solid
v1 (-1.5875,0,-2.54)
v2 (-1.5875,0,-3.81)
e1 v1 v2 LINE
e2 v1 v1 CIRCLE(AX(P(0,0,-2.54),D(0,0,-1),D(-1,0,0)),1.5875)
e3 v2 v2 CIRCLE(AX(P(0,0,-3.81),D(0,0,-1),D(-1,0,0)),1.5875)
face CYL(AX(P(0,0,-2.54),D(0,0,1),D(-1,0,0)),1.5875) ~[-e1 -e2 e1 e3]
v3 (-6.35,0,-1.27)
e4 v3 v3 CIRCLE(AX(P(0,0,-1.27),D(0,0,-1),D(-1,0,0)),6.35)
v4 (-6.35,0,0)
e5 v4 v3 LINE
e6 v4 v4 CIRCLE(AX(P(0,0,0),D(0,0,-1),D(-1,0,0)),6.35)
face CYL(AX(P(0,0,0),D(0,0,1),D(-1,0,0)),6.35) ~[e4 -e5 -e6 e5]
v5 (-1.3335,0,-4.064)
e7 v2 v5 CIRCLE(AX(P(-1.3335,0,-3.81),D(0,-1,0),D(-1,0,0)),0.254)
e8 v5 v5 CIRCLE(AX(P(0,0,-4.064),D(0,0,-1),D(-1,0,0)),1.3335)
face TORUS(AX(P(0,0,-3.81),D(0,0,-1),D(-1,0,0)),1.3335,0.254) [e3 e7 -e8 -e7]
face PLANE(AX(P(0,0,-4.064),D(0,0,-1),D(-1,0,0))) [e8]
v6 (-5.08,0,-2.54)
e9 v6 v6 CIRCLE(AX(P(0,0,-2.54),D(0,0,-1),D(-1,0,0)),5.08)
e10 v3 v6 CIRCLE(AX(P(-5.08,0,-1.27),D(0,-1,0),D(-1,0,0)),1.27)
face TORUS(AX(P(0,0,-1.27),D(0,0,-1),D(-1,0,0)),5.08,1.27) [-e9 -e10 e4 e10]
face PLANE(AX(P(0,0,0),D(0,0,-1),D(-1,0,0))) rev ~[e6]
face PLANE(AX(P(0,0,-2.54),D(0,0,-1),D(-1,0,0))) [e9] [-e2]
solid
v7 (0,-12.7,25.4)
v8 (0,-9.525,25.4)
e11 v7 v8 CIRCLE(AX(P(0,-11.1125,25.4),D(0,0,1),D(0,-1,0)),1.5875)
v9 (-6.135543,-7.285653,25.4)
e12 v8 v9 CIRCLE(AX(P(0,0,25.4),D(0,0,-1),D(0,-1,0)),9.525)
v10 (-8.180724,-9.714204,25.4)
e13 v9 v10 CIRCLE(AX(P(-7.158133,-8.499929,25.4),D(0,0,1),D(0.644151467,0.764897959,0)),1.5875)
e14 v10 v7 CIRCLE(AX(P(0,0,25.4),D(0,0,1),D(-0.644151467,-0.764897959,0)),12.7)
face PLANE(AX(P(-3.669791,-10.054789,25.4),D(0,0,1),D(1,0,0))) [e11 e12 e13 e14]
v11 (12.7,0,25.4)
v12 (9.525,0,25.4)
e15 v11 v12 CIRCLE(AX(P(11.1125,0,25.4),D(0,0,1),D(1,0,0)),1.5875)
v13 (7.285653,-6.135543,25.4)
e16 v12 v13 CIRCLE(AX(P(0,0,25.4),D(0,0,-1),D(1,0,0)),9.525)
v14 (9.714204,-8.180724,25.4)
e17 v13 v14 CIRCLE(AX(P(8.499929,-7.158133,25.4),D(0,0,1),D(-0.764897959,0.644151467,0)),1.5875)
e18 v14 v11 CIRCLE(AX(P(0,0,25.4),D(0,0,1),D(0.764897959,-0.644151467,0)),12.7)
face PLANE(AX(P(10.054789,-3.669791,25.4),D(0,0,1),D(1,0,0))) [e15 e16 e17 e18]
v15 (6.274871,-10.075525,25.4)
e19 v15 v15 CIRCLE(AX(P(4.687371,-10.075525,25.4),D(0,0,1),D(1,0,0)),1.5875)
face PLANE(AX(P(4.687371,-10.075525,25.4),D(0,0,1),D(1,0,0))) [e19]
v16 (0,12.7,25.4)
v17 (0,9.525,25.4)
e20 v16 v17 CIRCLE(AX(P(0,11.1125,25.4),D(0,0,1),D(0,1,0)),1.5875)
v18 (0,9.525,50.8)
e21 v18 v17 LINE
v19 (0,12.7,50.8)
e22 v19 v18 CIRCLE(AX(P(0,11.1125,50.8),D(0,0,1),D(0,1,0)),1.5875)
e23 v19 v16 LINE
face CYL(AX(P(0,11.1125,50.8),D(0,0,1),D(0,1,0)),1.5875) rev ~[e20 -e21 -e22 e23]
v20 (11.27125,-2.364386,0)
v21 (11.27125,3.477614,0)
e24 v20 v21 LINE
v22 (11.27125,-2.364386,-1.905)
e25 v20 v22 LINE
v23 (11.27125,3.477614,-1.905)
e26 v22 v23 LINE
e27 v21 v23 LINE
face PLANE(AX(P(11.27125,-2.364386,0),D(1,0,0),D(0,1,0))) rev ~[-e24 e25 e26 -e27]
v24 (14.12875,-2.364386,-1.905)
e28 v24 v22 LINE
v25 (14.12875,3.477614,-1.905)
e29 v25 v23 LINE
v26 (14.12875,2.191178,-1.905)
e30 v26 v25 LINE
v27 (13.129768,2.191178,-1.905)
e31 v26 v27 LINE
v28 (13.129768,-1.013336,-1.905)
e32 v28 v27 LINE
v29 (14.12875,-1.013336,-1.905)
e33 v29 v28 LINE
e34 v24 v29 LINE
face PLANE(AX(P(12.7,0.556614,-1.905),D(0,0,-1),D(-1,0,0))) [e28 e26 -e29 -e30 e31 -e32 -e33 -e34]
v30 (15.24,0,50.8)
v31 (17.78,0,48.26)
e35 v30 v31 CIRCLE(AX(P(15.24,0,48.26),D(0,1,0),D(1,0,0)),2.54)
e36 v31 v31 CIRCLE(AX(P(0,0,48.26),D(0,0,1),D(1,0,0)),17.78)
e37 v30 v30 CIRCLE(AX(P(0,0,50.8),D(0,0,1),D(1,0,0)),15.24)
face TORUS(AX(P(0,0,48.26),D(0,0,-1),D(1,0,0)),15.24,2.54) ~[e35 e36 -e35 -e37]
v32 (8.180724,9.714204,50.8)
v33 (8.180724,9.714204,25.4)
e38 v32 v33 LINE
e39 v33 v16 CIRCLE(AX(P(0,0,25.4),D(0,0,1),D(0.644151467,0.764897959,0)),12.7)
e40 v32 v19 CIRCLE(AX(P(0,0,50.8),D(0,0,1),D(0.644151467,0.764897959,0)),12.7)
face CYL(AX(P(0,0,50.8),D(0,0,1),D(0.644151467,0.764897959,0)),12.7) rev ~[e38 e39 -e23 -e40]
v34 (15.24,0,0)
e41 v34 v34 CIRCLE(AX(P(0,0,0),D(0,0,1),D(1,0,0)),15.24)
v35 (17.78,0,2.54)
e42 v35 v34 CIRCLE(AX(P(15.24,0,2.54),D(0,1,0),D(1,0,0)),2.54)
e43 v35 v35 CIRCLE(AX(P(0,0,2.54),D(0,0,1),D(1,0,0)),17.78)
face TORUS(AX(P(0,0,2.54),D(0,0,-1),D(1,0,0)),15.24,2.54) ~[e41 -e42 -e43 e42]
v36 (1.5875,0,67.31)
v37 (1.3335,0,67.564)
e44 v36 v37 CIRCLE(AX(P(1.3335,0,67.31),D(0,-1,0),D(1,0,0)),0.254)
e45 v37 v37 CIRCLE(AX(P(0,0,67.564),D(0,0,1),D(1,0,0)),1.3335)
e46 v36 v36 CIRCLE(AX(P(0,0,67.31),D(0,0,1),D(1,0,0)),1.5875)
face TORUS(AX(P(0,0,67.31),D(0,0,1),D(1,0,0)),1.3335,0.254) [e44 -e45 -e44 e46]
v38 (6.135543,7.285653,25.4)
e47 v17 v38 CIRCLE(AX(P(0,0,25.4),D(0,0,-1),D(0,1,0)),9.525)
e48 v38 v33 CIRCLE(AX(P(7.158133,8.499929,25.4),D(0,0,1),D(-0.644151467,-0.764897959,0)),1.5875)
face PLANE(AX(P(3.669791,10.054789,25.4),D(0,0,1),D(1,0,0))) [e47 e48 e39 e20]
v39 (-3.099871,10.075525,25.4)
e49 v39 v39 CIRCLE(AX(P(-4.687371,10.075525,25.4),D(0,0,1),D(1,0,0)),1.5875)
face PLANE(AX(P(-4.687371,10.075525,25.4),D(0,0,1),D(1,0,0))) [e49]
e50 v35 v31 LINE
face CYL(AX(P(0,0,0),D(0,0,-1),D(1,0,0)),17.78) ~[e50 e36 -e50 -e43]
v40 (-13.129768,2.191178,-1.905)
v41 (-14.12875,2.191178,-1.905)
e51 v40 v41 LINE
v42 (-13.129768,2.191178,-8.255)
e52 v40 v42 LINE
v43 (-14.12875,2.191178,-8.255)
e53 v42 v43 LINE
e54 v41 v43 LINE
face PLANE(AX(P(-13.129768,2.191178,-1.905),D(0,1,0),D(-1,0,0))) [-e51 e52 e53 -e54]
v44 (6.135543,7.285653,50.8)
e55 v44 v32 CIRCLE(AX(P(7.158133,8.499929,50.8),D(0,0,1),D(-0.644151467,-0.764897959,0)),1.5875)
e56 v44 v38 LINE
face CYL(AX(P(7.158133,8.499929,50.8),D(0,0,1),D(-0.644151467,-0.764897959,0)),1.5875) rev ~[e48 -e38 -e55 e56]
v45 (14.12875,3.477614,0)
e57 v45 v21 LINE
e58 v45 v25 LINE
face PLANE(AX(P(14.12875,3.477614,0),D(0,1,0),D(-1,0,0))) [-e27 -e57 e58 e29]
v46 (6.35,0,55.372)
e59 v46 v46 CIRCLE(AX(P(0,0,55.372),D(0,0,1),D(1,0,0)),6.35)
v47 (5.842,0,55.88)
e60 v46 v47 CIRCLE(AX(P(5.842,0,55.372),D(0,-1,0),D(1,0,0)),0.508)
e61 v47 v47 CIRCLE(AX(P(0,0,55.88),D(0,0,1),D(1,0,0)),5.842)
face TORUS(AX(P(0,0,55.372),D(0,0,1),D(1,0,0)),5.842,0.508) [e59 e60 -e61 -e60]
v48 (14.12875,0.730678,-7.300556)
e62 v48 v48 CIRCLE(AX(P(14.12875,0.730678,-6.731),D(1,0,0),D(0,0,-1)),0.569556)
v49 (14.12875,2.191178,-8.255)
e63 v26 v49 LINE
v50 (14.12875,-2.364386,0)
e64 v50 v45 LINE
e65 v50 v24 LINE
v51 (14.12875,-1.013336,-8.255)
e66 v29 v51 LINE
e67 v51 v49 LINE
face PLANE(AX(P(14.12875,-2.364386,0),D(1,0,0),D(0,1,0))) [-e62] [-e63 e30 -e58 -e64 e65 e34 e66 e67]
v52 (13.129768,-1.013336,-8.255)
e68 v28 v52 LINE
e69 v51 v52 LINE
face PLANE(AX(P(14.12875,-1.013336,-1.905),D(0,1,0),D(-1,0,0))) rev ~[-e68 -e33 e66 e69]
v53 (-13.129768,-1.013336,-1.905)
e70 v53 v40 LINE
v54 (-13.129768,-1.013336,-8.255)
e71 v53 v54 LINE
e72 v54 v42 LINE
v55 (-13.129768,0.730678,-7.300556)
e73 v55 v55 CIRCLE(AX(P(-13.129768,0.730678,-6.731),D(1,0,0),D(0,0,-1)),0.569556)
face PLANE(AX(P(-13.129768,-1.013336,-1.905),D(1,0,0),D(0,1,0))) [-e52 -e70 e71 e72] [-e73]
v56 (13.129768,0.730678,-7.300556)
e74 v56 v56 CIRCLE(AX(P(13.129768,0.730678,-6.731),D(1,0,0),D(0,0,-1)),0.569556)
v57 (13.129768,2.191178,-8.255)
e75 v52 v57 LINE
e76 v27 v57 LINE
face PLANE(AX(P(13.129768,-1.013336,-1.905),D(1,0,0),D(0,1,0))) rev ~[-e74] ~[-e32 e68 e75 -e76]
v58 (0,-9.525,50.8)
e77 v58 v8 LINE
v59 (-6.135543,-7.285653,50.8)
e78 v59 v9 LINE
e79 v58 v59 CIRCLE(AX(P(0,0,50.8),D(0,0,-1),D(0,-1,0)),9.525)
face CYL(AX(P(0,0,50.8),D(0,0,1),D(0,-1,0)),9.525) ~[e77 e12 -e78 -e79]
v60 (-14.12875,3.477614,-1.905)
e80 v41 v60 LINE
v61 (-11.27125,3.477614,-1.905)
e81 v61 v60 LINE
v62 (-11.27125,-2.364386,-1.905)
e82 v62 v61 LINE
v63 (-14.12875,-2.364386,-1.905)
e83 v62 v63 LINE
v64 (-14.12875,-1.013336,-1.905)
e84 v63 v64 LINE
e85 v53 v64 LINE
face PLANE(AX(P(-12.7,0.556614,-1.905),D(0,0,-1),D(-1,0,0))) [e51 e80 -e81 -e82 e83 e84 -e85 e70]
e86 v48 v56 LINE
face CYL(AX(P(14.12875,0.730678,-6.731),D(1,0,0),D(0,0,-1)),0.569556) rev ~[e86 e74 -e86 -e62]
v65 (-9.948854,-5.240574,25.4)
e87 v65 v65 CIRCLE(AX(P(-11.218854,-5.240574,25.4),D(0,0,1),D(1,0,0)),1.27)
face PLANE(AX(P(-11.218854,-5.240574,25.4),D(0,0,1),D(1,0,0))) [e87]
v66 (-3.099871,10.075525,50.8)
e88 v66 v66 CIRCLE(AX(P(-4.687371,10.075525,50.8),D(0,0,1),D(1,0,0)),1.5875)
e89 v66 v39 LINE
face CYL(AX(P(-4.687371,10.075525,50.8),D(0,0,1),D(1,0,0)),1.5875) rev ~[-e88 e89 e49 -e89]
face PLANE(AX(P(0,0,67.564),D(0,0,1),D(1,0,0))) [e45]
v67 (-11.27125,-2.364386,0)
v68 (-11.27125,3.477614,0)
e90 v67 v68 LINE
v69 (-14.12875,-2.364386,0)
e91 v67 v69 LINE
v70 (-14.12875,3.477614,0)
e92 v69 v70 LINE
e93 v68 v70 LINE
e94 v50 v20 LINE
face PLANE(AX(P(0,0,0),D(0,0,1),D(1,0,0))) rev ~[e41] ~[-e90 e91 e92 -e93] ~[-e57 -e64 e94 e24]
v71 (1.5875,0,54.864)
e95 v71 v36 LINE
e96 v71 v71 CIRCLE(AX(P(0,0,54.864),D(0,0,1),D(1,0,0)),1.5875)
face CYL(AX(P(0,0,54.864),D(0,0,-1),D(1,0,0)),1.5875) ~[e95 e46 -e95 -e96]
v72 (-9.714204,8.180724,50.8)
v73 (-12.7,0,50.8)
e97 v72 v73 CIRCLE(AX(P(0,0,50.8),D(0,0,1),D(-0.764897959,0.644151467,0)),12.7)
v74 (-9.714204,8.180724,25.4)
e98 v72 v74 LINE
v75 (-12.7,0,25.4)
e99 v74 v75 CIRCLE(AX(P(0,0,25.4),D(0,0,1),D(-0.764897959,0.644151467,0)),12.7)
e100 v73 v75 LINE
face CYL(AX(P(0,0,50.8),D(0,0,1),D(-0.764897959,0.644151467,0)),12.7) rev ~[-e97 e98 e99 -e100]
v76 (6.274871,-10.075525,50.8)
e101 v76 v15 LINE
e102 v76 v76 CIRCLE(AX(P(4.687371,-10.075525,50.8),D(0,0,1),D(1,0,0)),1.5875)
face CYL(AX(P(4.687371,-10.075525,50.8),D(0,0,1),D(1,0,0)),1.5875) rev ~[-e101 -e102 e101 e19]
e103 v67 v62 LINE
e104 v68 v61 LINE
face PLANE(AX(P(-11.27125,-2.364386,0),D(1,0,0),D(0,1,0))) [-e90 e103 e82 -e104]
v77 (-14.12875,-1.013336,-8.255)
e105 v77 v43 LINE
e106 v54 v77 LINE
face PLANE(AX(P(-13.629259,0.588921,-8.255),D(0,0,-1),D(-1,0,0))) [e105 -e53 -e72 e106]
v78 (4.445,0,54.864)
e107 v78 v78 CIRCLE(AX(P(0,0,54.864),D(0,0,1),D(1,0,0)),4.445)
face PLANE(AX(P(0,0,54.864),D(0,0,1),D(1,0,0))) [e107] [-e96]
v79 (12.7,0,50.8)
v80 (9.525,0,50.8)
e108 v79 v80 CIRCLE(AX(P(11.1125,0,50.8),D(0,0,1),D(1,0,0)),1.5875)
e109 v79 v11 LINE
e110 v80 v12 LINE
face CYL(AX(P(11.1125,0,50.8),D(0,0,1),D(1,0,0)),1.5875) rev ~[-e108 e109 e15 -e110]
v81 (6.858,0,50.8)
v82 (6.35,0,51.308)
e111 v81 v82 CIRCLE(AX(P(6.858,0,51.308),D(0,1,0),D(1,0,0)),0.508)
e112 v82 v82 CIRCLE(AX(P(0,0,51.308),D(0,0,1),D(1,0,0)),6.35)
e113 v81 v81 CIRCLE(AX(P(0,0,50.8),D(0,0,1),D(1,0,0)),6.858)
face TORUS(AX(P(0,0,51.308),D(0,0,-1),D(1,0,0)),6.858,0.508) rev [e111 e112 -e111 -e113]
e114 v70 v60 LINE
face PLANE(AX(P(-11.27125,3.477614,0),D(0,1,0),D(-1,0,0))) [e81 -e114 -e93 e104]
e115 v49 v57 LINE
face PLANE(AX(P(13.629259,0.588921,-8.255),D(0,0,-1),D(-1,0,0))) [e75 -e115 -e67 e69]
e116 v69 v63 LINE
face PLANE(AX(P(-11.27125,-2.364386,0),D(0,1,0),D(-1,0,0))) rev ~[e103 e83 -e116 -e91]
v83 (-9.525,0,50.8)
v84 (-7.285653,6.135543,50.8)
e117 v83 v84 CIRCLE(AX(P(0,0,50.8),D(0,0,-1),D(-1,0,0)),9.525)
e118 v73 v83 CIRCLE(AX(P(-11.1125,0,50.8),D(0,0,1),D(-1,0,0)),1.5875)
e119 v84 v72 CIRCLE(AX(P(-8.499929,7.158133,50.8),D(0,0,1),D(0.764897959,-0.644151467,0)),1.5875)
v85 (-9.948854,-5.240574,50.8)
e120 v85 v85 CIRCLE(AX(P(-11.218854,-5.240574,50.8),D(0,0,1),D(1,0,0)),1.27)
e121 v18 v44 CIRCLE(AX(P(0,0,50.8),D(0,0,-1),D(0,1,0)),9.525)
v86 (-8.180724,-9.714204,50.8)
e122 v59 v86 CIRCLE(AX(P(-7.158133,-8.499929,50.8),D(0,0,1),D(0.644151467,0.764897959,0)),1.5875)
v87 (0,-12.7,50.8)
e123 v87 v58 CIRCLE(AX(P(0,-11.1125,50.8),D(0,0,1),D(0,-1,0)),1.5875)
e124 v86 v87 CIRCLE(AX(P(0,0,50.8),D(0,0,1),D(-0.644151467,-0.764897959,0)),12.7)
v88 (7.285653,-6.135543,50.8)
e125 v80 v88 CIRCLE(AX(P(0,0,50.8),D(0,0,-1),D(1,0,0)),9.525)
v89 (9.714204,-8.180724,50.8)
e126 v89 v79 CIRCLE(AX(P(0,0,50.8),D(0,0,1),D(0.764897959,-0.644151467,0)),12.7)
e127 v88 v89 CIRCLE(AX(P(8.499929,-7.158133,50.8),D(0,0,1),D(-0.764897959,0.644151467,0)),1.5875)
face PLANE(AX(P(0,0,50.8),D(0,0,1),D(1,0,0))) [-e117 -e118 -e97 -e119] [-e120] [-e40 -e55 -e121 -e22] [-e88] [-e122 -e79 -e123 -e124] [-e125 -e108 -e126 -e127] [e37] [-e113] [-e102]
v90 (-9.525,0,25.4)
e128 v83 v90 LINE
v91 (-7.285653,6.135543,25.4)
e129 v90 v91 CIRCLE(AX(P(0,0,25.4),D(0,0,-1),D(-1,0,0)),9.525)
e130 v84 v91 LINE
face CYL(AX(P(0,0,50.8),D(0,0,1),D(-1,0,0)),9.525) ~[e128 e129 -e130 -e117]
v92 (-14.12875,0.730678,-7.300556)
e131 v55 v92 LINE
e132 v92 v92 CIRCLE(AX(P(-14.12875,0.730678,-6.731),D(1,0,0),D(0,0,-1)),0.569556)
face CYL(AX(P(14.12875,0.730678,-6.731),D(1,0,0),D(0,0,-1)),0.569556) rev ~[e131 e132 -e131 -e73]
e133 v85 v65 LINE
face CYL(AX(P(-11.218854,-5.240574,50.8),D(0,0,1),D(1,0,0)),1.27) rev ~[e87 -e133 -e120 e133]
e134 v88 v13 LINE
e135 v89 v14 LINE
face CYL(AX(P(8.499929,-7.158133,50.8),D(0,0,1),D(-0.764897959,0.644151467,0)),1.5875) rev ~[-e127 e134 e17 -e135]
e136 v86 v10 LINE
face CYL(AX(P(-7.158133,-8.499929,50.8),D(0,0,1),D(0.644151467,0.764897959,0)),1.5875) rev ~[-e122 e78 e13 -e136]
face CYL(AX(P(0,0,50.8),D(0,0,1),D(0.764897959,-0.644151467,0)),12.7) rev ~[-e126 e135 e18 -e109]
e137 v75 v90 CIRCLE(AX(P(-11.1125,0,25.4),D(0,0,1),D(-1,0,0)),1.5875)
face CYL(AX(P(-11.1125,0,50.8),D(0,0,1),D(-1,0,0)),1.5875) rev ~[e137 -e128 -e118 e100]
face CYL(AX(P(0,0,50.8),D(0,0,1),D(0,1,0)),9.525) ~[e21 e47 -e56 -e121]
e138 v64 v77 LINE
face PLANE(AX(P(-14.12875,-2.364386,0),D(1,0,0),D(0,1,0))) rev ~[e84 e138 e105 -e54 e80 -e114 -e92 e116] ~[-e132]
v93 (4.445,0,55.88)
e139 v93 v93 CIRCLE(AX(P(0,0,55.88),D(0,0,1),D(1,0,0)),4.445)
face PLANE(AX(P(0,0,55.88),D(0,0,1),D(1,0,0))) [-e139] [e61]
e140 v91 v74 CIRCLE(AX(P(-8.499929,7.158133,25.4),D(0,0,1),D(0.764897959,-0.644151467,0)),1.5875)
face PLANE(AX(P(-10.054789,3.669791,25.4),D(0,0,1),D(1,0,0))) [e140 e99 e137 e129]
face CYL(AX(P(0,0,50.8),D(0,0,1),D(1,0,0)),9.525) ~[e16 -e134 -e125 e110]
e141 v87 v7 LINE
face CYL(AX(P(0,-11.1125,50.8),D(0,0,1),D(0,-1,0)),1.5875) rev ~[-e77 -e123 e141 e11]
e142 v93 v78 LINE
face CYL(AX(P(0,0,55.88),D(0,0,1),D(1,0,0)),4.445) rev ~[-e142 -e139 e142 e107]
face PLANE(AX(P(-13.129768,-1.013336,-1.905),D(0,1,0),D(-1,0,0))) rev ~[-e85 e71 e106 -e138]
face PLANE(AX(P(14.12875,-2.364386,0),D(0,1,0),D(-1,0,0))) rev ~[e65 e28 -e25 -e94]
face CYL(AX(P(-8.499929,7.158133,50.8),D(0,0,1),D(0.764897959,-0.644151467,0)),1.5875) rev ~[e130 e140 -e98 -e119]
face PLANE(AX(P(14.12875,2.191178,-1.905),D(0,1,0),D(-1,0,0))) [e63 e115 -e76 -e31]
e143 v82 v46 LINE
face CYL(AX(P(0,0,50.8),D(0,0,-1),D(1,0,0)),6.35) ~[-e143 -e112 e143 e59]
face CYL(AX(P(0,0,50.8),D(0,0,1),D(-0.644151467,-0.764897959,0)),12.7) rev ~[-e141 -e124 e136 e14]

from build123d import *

# Parameters (mm, degrees)
SKETCH1_R           = 17.78
BOSS_EXTRUDE1_DEPTH = 50.8
SKETCH2_R           = 6.35
BOSS_EXTRUDE2_DEPTH = 5.08
FILLET1_R           = 0.508
SKETCH3_R           = 4.445
CUT_EXTRUDE1_DEPTH  = 1.016
FILLET2_R           = 2.54
SKETCH4_R           = 6.35
BOSS_EXTRUDE3_DEPTH = 2.54
FILLET3_R           = 1.27
SKETCH5_R           = 1.5875
BOSS_EXTRUDE4_DEPTH = 1.524
FILLET4_R           = 0.254
SKETCH6_R           = 1.5875
BOSS_EXTRUDE5_DEPTH = 12.7
FILLET5_R           = 0.254
SKETCH7_R           = 1.5875
SKETCH7_R_2         = 1.27
CUT_EXTRUDE2_DEPTH  = 25.4
SKETCH8_W           = 2.8575
SKETCH8_H           = 5.842
BOSS_EXTRUDE6_DEPTH = 1.905
SKETCH9_W           = 0.998982
SKETCH9_H           = 3.2045148
BOSS_EXTRUDE7_DEPTH = 6.35
SKETCH10_R          = 0.569556052
CUT_EXTRUDE3_DEPTH  = 32.90875


with BuildPart() as part:
    # Sketch1 → Boss-Extrude1 (new body)
    with BuildSketch(Plane.XY):
        Circle(SKETCH1_R)
    extrude(amount=BOSS_EXTRUDE1_DEPTH)

    # Sketch2 → Boss-Extrude2 (add)
    with BuildSketch(Plane.XY.offset(50.8)):
        Circle(SKETCH2_R)
    extrude(amount=BOSS_EXTRUDE2_DEPTH)

    # Fillet1
    fillet1_edges = [part.edges().sort_by_distance(p)[0] for p in [
        (-6.35, 0, 50.8),
        (-6.35, 0, 55.88),
    ]]
    fillet(fillet1_edges, radius=FILLET1_R)

    # Sketch3 → Cut-Extrude1 (cut)
    with BuildSketch(Plane.XY.offset(55.88)):
        Circle(SKETCH3_R)
    extrude(amount=-CUT_EXTRUDE1_DEPTH, mode=Mode.SUBTRACT)

    # Fillet2
    fillet2_edges = [part.edges().sort_by_distance(p)[0] for p in [
        (-17.78, 0, 0),
        (-17.78, 0, 50.8),
    ]]
    fillet(fillet2_edges, radius=FILLET2_R)

    # Sketch6 → Boss-Extrude5 (add)
    with BuildSketch(Plane.XY.offset(54.864)):
        Circle(SKETCH6_R)
    extrude(amount=BOSS_EXTRUDE5_DEPTH)

    # Fillet5
    fillet5_edges = [part.edges().sort_by_distance(p)[0] for p in [
        (-1.5875, 0, 67.564),
    ]]
    fillet(fillet5_edges, radius=FILLET5_R)

    # Sketch7 → Cut-Extrude2 (cut)
    with BuildSketch(Plane.XY.offset(50.8)):
        with Locations((-4.687371404, 10.075525077)):
            Circle(SKETCH7_R)
        with Locations((-11.218854293, -5.240573882)):
            Circle(SKETCH7_R_2)
        with Locations((4.687371404, -10.075525077)):
            Circle(SKETCH7_R)
        with BuildLine():
            ThreePointArc((8.180723627, 9.714204082), (4.354285714, 11.930221956), (0, 12.7))
            ThreePointArc((0, 12.7), (-1.5875, 11.1125), (0, 9.525))
            ThreePointArc((0, 9.525), (3.265714286, 8.947666467), (6.13554272, 7.285653061))
            ThreePointArc((6.13554272, 7.285653061), (8.372408684, 7.477338118), (8.180723627, 9.714204082))
        make_face()
        with BuildLine():
            ThreePointArc((12.7, 0), (11.1125, 1.5875), (9.525, 0))
            ThreePointArc((9.525, 0), (8.947666467, -3.265714286), (7.285653061, -6.13554272))
            ThreePointArc((7.285653061, -6.13554272), (7.477338118, -8.372408684), (9.714204082, -8.180723627))
            ThreePointArc((9.714204082, -8.180723627), (11.930221956, -4.354285714), (12.7, 0))
        make_face()
        with BuildLine():
            ThreePointArc((0, -12.7), (1.5875, -11.1125), (0, -9.525))
            ThreePointArc((0, -9.525), (-3.265714286, -8.947666467), (-6.13554272, -7.285653061))
            ThreePointArc((-6.13554272, -7.285653061), (-8.372408684, -7.477338118), (-8.180723627, -9.714204082))
            ThreePointArc((-8.180723627, -9.714204082), (-4.354285714, -11.930221956), (0, -12.7))
        make_face()
        with BuildLine():
            ThreePointArc((-12.7, 0), (-11.1125, -1.5875), (-9.525, 0))
            ThreePointArc((-9.525, 0), (-8.947666467, 3.265714286), (-7.285653061, 6.13554272))
            ThreePointArc((-7.285653061, 6.13554272), (-7.477338118, 8.372408684), (-9.714204082, 8.180723627))
            ThreePointArc((-9.714204082, 8.180723627), (-11.930221956, 4.354285714), (-12.7, 0))
        make_face()
    extrude(amount=-CUT_EXTRUDE2_DEPTH, mode=Mode.SUBTRACT)

    # Sketch8 → Boss-Extrude6 (add)
    with BuildSketch(Plane(origin=(0, 0, 0), x_dir=(-1, 0, 0), z_dir=(0, 0, -1))):
        with Locations((12.7, 0.55661423)):
            Rectangle(SKETCH8_W, SKETCH8_H)
        with Locations((-12.7, 0.55661423)):
            Rectangle(SKETCH8_W, SKETCH8_H)
    extrude(amount=BOSS_EXTRUDE6_DEPTH)

    # Sketch9 → Boss-Extrude7 (add)
    with BuildSketch(Plane(origin=(0, 0, -1.905), x_dir=(-1, 0, 0), z_dir=(0, 0, -1))):
        with Locations((13.629259, 0.58892103)):
            Rectangle(SKETCH9_W, SKETCH9_H)
        with Locations((-13.629259, 0.58892103)):
            Rectangle(SKETCH9_W, SKETCH9_H)
    extrude(amount=BOSS_EXTRUDE7_DEPTH)

    # Sketch10 → Cut-Extrude3 (cut, through all)
    with BuildSketch(Plane(origin=(14.12875, 0, 0), x_dir=(0, 0, -1), z_dir=(1, 0, 0))):
        with Locations((6.731, 0.73067843)):
            Circle(SKETCH10_R)
    extrude(amount=-CUT_EXTRUDE3_DEPTH, mode=Mode.SUBTRACT)


with BuildPart() as body_2:
    # Sketch4 → Boss-Extrude3 (new body)
    with BuildSketch(Plane(origin=(0, 0, 0), x_dir=(-1, 0, 0), z_dir=(0, 0, -1))):
        Circle(SKETCH4_R)
    extrude(amount=BOSS_EXTRUDE3_DEPTH)

    # Fillet3
    fillet3_edges = [body_2.edges().sort_by_distance(p)[0] for p in [
        (6.35, 0, -2.54),
    ]]
    fillet(fillet3_edges, radius=FILLET3_R)

    # Sketch5 → Boss-Extrude4 (add)
    with BuildSketch(Plane(origin=(0, 0, -2.54), x_dir=(-1, 0, 0), z_dir=(0, 0, -1))):
        Circle(SKETCH5_R)
    extrude(amount=BOSS_EXTRUDE4_DEPTH)

    # Fillet4
    fillet4_edges = [body_2.edges().sort_by_distance(p)[0] for p in [
        (1.5875, 0, -4.064),
    ]]
    fillet(fillet4_edges, radius=FILLET4_R)


solid = Compound([part.part, body_2.part])
